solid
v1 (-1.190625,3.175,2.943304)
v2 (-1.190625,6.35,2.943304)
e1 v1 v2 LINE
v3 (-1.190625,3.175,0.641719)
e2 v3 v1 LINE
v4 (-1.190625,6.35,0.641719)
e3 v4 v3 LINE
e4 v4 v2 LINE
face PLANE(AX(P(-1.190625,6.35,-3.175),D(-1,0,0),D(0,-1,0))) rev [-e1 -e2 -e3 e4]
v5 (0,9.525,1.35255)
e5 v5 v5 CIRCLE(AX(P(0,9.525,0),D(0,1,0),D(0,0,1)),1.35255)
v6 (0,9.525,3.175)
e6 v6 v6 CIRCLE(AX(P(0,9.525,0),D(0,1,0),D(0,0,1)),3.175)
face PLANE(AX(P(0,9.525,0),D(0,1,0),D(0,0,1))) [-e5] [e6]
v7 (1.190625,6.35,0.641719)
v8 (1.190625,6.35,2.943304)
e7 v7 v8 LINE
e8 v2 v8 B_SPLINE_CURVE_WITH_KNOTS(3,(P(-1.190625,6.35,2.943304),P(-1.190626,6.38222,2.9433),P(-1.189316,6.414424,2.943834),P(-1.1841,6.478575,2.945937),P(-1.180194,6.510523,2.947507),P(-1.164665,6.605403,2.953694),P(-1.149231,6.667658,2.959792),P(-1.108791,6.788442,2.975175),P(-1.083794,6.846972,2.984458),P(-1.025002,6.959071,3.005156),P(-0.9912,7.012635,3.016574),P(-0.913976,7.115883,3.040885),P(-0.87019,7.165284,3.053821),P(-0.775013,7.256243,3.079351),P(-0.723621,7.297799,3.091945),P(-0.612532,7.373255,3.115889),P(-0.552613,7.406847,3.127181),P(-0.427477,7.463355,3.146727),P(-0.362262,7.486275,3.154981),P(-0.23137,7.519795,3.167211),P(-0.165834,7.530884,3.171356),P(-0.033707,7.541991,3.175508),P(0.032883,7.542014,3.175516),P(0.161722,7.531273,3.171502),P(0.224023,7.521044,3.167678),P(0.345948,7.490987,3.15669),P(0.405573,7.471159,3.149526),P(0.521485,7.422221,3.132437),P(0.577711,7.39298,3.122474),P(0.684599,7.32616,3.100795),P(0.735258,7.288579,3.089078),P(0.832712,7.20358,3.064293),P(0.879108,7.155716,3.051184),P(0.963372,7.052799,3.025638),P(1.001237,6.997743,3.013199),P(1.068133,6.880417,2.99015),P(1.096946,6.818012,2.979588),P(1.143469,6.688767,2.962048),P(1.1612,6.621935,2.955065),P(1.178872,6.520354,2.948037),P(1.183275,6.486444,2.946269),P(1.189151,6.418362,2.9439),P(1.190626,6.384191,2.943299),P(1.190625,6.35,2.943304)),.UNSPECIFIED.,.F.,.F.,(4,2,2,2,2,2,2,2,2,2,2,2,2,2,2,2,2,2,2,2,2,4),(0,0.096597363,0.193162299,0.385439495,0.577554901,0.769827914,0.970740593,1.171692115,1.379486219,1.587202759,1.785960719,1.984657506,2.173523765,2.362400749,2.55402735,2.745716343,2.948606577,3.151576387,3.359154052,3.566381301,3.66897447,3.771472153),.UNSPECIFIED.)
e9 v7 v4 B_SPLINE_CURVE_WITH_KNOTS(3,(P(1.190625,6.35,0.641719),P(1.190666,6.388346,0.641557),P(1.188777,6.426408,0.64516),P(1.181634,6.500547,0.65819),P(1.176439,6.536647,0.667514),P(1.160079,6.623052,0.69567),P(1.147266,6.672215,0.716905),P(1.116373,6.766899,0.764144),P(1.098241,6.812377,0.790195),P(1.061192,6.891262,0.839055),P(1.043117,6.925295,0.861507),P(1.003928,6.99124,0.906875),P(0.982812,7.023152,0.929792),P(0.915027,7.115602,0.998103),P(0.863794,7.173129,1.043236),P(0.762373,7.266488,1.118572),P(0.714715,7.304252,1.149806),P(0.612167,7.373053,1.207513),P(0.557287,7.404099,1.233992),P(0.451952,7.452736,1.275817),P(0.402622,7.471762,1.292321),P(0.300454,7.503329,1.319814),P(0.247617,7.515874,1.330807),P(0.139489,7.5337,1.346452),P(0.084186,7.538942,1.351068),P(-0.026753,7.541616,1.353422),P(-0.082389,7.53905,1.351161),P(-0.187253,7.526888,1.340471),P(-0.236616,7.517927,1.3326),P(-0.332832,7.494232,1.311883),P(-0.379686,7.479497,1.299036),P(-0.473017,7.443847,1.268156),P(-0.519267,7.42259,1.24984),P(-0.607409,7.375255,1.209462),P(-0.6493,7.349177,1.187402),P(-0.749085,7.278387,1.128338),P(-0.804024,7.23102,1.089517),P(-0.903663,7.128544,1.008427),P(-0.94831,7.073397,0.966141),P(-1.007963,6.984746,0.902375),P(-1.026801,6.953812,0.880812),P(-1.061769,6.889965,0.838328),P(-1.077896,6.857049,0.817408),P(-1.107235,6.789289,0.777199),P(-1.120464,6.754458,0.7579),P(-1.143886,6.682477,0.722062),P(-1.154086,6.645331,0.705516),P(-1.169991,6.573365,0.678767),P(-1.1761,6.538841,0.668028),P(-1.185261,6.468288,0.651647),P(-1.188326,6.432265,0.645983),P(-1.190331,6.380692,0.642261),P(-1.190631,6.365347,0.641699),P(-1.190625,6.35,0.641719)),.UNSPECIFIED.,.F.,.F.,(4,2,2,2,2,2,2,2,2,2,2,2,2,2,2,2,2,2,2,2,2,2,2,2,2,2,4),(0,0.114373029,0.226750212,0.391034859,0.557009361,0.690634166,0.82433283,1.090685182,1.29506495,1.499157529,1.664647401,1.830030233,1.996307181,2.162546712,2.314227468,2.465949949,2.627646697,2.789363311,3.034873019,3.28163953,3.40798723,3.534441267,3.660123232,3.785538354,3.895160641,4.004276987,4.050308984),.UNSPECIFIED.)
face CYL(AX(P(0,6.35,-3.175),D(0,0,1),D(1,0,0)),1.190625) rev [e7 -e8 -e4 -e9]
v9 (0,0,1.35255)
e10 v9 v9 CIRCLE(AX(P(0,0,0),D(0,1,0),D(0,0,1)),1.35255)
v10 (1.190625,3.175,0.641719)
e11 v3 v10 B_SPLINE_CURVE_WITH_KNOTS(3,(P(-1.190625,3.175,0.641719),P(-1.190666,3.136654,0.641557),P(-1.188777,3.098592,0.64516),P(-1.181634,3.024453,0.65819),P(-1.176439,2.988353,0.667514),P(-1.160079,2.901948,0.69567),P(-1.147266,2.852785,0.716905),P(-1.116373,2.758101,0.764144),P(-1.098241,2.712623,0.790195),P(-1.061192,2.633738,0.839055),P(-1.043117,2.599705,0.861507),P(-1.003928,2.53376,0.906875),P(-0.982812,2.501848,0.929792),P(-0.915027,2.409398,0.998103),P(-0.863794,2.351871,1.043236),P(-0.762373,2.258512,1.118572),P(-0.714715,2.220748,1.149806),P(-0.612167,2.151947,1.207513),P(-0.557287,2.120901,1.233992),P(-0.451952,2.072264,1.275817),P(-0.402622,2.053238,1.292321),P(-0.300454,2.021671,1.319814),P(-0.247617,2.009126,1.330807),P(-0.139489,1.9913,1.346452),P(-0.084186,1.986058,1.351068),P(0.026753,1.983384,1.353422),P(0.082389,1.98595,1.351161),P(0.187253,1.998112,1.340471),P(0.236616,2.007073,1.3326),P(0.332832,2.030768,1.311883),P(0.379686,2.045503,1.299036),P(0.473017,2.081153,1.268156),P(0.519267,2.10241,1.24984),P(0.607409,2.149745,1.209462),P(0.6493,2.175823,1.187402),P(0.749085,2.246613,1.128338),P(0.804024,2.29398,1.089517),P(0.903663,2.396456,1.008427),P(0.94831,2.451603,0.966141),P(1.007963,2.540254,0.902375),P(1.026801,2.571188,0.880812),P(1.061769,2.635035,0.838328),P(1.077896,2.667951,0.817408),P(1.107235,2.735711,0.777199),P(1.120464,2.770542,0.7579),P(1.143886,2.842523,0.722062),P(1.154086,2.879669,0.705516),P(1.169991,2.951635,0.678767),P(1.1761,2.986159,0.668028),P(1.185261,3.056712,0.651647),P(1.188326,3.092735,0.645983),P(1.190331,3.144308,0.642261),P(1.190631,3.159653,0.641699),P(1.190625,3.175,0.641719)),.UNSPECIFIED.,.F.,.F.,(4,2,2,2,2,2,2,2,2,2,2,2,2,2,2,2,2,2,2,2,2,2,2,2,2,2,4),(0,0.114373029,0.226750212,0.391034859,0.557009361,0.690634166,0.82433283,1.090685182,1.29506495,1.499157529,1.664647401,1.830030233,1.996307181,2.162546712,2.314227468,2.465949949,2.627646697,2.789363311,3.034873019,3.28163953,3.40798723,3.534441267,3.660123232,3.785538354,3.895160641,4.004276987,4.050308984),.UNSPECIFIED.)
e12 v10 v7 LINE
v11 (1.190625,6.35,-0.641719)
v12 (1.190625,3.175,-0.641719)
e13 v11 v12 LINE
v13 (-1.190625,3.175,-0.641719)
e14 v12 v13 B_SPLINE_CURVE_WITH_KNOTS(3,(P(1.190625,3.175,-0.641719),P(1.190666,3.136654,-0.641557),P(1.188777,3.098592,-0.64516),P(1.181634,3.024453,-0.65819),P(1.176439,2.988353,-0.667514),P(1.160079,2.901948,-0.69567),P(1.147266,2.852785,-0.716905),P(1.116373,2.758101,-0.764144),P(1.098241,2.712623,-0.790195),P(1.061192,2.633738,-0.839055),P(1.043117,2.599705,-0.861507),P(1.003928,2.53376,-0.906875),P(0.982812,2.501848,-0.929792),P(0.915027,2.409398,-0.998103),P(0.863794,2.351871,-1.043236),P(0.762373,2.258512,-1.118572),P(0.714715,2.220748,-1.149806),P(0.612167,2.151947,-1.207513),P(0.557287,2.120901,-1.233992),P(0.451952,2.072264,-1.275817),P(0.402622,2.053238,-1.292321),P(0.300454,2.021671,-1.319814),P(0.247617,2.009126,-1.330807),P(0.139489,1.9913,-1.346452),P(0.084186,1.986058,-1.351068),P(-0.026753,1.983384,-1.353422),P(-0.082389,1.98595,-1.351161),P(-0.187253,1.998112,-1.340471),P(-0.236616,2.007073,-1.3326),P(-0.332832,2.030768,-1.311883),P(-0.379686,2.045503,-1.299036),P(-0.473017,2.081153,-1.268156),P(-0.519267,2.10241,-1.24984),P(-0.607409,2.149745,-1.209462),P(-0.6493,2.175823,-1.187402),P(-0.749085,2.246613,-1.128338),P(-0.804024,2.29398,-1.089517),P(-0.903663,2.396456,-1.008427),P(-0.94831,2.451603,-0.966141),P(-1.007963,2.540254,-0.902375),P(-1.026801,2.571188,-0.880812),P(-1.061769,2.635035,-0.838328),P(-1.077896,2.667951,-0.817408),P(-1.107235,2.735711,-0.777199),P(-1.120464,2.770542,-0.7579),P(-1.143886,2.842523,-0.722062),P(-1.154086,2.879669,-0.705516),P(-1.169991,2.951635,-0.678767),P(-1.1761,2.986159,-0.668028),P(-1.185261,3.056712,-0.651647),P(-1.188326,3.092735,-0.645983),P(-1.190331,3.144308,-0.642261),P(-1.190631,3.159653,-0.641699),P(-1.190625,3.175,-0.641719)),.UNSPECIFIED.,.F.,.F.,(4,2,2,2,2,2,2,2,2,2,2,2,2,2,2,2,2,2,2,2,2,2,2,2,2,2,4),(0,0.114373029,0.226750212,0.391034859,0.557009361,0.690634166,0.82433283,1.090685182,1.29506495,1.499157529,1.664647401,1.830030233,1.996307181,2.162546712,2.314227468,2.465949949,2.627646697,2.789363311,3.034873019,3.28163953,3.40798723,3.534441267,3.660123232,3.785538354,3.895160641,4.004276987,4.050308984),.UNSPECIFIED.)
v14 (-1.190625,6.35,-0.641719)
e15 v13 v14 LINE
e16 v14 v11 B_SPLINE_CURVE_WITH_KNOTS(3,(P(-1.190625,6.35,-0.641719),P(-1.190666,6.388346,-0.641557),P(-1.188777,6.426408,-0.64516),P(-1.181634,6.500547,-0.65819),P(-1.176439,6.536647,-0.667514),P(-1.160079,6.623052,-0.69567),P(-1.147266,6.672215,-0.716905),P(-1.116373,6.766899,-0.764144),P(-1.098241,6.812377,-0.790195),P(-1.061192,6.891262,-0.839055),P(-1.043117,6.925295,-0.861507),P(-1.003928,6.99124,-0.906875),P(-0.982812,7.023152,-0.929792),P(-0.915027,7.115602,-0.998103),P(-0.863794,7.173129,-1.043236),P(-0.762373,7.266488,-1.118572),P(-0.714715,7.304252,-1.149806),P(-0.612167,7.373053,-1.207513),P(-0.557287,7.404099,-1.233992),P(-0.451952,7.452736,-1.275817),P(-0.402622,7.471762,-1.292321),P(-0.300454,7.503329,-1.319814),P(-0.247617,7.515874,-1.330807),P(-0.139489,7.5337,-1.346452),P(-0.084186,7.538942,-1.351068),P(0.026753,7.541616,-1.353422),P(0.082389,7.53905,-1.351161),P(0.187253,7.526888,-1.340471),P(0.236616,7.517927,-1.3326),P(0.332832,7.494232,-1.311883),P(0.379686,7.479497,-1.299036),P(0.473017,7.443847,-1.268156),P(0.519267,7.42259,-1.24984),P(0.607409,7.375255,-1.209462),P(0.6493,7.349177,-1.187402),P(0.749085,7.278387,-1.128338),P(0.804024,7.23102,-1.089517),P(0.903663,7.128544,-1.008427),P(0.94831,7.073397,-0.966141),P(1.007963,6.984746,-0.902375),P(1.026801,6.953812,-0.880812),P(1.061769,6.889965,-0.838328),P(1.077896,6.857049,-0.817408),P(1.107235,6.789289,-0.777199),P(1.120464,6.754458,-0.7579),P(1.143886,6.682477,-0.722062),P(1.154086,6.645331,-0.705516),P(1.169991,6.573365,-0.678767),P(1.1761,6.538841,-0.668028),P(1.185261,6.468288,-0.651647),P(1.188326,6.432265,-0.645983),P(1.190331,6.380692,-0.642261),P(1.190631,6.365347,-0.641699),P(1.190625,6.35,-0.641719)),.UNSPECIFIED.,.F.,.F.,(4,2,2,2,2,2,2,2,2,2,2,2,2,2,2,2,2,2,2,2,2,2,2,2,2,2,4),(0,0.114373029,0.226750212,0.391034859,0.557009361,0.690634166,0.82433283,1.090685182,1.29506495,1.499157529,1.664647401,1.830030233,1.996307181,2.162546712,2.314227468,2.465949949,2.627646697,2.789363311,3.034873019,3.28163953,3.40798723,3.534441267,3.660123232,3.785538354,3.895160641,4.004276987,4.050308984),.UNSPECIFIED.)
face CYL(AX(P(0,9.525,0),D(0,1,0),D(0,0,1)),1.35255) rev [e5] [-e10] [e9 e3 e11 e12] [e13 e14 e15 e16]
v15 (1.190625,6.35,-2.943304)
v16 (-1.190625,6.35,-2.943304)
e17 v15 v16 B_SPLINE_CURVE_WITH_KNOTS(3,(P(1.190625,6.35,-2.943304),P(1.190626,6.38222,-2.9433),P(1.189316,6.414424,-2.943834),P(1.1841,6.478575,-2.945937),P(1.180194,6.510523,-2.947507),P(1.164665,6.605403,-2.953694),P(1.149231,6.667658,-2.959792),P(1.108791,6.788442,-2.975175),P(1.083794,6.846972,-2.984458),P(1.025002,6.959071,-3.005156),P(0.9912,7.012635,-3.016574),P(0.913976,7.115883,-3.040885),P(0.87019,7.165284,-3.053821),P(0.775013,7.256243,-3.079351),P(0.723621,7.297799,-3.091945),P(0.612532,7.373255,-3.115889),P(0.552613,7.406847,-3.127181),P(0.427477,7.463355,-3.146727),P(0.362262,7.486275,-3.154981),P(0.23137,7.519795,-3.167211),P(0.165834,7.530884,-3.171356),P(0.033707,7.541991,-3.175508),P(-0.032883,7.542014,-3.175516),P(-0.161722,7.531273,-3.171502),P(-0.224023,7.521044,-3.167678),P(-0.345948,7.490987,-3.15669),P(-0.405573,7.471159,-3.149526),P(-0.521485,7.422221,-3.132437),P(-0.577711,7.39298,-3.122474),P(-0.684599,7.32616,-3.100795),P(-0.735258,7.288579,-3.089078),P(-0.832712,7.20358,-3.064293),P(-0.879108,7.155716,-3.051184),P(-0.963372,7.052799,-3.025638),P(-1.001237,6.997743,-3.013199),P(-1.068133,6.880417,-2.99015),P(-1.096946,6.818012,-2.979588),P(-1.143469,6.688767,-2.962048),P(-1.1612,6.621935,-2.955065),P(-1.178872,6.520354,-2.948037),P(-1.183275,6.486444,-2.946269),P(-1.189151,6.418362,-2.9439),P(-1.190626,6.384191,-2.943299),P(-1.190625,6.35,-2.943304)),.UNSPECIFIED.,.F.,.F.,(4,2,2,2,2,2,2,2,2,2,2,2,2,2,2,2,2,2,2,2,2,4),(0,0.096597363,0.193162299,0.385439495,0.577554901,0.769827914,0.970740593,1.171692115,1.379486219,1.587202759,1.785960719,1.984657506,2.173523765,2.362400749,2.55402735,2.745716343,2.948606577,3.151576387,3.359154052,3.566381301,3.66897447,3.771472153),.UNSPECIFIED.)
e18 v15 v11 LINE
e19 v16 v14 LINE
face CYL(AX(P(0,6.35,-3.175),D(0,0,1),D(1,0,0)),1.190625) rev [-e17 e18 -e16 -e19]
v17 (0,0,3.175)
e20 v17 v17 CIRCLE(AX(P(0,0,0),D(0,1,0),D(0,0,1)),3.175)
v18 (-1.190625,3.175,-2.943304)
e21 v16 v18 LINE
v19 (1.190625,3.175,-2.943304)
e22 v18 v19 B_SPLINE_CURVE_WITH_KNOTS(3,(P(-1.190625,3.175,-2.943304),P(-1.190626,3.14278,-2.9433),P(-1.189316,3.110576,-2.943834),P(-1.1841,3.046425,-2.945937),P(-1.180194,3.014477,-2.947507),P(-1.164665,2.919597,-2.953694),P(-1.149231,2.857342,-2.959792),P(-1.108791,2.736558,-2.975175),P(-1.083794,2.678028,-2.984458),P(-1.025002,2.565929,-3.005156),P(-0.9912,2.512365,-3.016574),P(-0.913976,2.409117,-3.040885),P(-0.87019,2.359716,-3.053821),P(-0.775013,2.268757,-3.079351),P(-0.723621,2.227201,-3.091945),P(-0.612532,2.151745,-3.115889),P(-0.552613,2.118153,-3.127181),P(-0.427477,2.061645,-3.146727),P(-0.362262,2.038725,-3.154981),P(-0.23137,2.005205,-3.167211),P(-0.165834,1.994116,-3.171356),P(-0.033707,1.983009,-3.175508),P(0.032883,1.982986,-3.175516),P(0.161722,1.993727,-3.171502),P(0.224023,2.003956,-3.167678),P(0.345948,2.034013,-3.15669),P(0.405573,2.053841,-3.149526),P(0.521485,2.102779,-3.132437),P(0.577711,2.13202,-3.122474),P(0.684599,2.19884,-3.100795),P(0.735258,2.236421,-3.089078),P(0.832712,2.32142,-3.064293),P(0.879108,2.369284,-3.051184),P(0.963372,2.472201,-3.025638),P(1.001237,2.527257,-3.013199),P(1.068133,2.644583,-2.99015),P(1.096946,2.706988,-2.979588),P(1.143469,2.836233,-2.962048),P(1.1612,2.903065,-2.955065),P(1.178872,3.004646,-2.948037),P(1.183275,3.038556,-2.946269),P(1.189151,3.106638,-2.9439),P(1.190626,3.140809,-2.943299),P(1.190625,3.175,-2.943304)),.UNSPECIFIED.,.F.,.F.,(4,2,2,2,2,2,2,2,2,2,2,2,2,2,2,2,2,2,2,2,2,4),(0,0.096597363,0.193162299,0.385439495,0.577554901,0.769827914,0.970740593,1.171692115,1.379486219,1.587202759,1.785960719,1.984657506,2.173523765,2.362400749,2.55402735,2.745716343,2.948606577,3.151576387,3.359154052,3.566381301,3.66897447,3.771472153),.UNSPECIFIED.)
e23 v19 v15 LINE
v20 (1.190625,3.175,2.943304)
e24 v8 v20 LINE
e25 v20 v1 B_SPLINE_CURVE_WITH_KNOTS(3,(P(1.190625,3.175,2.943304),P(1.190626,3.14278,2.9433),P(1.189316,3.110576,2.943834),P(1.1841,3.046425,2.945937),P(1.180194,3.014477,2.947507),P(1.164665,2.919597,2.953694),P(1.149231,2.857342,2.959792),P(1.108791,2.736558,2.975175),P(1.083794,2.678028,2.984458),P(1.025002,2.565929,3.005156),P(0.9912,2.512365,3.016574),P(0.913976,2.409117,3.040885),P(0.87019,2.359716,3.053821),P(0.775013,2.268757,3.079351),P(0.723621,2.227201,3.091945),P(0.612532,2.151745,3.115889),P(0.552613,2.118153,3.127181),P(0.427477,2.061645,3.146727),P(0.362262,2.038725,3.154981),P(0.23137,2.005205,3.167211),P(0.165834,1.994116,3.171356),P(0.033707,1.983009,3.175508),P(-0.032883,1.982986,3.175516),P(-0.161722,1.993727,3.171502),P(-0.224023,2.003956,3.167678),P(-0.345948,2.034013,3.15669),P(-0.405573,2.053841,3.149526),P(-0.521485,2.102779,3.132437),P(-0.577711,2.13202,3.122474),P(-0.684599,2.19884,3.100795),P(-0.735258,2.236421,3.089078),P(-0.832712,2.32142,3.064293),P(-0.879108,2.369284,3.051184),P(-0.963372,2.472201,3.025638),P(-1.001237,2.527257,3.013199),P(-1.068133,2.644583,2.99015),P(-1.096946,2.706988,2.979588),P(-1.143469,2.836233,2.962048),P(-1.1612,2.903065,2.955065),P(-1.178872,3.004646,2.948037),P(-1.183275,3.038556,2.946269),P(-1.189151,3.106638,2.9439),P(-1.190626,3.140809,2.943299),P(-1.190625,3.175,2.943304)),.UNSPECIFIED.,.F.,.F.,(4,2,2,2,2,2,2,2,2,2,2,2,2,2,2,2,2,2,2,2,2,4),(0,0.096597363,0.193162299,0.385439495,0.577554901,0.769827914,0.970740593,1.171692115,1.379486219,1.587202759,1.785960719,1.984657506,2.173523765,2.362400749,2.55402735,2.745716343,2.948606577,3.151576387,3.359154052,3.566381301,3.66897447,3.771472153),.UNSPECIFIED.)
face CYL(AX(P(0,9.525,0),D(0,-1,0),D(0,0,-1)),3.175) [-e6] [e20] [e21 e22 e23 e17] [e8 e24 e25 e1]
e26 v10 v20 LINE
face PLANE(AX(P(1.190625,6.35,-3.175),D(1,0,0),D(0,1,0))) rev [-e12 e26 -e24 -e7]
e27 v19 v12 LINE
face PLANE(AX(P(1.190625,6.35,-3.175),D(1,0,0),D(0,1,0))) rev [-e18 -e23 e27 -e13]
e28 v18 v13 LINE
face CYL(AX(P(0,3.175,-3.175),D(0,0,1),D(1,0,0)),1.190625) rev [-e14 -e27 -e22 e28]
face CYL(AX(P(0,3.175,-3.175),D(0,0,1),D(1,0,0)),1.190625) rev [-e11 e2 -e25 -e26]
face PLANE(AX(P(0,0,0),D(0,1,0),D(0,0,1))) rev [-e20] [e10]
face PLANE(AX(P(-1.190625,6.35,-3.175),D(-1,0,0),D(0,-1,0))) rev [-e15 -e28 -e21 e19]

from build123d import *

# Parameters (mm, degrees)
SKETCH1_R                 = 3.175
BOSS_EXTRUDE1_DEPTH       = 9.525
TAP_DRILL_FOR_6_32_TAP1_D = 2.7051
CUT_EXTRUDE1_DEPTH        = 11.530283709
CUT_EXTRUDE1_DEPTH_BACK   = 11.530283709


with BuildPart() as part:
    # Sketch1 → Boss-Extrude1 (new body)
    with BuildSketch(Plane(origin=(0, 0, 0), x_dir=(1, 0, 0), z_dir=(0, 1, 0))):
        with Locations(Location((0, 0, 0), (0, 0, 90))):
            Circle(SKETCH1_R)
    extrude(amount=BOSS_EXTRUDE1_DEPTH)

    # Tap Drill for #6-32 Tap1 (through all)
    with Locations(Plane(origin=(0, 9.525, 0), x_dir=(1, 0, 0), z_dir=(0, 1, 0))):
        with Locations((0, 0)):
            Hole(TAP_DRILL_FOR_6_32_TAP1_D / 2)

    # Sketch4 → Cut-Extrude1 (cut, two sides: drawn at the far end of the back side and taken through both)
    with BuildSketch(Plane.XY.offset(-CUT_EXTRUDE1_DEPTH_BACK)):
        with BuildLine():
            Line((1.190625, 6.35), (1.190625, 3.175))
            ThreePointArc((1.190625, 3.175), (0, 1.984375), (-1.190625, 3.175))
            Line((-1.190625, 3.175), (-1.190625, 6.35))
            ThreePointArc((-1.190625, 6.35), (0, 7.540625), (1.190625, 6.35))
        make_face()
    extrude(amount=CUT_EXTRUDE1_DEPTH + CUT_EXTRUDE1_DEPTH_BACK, mode=Mode.SUBTRACT)


solid = part.part
